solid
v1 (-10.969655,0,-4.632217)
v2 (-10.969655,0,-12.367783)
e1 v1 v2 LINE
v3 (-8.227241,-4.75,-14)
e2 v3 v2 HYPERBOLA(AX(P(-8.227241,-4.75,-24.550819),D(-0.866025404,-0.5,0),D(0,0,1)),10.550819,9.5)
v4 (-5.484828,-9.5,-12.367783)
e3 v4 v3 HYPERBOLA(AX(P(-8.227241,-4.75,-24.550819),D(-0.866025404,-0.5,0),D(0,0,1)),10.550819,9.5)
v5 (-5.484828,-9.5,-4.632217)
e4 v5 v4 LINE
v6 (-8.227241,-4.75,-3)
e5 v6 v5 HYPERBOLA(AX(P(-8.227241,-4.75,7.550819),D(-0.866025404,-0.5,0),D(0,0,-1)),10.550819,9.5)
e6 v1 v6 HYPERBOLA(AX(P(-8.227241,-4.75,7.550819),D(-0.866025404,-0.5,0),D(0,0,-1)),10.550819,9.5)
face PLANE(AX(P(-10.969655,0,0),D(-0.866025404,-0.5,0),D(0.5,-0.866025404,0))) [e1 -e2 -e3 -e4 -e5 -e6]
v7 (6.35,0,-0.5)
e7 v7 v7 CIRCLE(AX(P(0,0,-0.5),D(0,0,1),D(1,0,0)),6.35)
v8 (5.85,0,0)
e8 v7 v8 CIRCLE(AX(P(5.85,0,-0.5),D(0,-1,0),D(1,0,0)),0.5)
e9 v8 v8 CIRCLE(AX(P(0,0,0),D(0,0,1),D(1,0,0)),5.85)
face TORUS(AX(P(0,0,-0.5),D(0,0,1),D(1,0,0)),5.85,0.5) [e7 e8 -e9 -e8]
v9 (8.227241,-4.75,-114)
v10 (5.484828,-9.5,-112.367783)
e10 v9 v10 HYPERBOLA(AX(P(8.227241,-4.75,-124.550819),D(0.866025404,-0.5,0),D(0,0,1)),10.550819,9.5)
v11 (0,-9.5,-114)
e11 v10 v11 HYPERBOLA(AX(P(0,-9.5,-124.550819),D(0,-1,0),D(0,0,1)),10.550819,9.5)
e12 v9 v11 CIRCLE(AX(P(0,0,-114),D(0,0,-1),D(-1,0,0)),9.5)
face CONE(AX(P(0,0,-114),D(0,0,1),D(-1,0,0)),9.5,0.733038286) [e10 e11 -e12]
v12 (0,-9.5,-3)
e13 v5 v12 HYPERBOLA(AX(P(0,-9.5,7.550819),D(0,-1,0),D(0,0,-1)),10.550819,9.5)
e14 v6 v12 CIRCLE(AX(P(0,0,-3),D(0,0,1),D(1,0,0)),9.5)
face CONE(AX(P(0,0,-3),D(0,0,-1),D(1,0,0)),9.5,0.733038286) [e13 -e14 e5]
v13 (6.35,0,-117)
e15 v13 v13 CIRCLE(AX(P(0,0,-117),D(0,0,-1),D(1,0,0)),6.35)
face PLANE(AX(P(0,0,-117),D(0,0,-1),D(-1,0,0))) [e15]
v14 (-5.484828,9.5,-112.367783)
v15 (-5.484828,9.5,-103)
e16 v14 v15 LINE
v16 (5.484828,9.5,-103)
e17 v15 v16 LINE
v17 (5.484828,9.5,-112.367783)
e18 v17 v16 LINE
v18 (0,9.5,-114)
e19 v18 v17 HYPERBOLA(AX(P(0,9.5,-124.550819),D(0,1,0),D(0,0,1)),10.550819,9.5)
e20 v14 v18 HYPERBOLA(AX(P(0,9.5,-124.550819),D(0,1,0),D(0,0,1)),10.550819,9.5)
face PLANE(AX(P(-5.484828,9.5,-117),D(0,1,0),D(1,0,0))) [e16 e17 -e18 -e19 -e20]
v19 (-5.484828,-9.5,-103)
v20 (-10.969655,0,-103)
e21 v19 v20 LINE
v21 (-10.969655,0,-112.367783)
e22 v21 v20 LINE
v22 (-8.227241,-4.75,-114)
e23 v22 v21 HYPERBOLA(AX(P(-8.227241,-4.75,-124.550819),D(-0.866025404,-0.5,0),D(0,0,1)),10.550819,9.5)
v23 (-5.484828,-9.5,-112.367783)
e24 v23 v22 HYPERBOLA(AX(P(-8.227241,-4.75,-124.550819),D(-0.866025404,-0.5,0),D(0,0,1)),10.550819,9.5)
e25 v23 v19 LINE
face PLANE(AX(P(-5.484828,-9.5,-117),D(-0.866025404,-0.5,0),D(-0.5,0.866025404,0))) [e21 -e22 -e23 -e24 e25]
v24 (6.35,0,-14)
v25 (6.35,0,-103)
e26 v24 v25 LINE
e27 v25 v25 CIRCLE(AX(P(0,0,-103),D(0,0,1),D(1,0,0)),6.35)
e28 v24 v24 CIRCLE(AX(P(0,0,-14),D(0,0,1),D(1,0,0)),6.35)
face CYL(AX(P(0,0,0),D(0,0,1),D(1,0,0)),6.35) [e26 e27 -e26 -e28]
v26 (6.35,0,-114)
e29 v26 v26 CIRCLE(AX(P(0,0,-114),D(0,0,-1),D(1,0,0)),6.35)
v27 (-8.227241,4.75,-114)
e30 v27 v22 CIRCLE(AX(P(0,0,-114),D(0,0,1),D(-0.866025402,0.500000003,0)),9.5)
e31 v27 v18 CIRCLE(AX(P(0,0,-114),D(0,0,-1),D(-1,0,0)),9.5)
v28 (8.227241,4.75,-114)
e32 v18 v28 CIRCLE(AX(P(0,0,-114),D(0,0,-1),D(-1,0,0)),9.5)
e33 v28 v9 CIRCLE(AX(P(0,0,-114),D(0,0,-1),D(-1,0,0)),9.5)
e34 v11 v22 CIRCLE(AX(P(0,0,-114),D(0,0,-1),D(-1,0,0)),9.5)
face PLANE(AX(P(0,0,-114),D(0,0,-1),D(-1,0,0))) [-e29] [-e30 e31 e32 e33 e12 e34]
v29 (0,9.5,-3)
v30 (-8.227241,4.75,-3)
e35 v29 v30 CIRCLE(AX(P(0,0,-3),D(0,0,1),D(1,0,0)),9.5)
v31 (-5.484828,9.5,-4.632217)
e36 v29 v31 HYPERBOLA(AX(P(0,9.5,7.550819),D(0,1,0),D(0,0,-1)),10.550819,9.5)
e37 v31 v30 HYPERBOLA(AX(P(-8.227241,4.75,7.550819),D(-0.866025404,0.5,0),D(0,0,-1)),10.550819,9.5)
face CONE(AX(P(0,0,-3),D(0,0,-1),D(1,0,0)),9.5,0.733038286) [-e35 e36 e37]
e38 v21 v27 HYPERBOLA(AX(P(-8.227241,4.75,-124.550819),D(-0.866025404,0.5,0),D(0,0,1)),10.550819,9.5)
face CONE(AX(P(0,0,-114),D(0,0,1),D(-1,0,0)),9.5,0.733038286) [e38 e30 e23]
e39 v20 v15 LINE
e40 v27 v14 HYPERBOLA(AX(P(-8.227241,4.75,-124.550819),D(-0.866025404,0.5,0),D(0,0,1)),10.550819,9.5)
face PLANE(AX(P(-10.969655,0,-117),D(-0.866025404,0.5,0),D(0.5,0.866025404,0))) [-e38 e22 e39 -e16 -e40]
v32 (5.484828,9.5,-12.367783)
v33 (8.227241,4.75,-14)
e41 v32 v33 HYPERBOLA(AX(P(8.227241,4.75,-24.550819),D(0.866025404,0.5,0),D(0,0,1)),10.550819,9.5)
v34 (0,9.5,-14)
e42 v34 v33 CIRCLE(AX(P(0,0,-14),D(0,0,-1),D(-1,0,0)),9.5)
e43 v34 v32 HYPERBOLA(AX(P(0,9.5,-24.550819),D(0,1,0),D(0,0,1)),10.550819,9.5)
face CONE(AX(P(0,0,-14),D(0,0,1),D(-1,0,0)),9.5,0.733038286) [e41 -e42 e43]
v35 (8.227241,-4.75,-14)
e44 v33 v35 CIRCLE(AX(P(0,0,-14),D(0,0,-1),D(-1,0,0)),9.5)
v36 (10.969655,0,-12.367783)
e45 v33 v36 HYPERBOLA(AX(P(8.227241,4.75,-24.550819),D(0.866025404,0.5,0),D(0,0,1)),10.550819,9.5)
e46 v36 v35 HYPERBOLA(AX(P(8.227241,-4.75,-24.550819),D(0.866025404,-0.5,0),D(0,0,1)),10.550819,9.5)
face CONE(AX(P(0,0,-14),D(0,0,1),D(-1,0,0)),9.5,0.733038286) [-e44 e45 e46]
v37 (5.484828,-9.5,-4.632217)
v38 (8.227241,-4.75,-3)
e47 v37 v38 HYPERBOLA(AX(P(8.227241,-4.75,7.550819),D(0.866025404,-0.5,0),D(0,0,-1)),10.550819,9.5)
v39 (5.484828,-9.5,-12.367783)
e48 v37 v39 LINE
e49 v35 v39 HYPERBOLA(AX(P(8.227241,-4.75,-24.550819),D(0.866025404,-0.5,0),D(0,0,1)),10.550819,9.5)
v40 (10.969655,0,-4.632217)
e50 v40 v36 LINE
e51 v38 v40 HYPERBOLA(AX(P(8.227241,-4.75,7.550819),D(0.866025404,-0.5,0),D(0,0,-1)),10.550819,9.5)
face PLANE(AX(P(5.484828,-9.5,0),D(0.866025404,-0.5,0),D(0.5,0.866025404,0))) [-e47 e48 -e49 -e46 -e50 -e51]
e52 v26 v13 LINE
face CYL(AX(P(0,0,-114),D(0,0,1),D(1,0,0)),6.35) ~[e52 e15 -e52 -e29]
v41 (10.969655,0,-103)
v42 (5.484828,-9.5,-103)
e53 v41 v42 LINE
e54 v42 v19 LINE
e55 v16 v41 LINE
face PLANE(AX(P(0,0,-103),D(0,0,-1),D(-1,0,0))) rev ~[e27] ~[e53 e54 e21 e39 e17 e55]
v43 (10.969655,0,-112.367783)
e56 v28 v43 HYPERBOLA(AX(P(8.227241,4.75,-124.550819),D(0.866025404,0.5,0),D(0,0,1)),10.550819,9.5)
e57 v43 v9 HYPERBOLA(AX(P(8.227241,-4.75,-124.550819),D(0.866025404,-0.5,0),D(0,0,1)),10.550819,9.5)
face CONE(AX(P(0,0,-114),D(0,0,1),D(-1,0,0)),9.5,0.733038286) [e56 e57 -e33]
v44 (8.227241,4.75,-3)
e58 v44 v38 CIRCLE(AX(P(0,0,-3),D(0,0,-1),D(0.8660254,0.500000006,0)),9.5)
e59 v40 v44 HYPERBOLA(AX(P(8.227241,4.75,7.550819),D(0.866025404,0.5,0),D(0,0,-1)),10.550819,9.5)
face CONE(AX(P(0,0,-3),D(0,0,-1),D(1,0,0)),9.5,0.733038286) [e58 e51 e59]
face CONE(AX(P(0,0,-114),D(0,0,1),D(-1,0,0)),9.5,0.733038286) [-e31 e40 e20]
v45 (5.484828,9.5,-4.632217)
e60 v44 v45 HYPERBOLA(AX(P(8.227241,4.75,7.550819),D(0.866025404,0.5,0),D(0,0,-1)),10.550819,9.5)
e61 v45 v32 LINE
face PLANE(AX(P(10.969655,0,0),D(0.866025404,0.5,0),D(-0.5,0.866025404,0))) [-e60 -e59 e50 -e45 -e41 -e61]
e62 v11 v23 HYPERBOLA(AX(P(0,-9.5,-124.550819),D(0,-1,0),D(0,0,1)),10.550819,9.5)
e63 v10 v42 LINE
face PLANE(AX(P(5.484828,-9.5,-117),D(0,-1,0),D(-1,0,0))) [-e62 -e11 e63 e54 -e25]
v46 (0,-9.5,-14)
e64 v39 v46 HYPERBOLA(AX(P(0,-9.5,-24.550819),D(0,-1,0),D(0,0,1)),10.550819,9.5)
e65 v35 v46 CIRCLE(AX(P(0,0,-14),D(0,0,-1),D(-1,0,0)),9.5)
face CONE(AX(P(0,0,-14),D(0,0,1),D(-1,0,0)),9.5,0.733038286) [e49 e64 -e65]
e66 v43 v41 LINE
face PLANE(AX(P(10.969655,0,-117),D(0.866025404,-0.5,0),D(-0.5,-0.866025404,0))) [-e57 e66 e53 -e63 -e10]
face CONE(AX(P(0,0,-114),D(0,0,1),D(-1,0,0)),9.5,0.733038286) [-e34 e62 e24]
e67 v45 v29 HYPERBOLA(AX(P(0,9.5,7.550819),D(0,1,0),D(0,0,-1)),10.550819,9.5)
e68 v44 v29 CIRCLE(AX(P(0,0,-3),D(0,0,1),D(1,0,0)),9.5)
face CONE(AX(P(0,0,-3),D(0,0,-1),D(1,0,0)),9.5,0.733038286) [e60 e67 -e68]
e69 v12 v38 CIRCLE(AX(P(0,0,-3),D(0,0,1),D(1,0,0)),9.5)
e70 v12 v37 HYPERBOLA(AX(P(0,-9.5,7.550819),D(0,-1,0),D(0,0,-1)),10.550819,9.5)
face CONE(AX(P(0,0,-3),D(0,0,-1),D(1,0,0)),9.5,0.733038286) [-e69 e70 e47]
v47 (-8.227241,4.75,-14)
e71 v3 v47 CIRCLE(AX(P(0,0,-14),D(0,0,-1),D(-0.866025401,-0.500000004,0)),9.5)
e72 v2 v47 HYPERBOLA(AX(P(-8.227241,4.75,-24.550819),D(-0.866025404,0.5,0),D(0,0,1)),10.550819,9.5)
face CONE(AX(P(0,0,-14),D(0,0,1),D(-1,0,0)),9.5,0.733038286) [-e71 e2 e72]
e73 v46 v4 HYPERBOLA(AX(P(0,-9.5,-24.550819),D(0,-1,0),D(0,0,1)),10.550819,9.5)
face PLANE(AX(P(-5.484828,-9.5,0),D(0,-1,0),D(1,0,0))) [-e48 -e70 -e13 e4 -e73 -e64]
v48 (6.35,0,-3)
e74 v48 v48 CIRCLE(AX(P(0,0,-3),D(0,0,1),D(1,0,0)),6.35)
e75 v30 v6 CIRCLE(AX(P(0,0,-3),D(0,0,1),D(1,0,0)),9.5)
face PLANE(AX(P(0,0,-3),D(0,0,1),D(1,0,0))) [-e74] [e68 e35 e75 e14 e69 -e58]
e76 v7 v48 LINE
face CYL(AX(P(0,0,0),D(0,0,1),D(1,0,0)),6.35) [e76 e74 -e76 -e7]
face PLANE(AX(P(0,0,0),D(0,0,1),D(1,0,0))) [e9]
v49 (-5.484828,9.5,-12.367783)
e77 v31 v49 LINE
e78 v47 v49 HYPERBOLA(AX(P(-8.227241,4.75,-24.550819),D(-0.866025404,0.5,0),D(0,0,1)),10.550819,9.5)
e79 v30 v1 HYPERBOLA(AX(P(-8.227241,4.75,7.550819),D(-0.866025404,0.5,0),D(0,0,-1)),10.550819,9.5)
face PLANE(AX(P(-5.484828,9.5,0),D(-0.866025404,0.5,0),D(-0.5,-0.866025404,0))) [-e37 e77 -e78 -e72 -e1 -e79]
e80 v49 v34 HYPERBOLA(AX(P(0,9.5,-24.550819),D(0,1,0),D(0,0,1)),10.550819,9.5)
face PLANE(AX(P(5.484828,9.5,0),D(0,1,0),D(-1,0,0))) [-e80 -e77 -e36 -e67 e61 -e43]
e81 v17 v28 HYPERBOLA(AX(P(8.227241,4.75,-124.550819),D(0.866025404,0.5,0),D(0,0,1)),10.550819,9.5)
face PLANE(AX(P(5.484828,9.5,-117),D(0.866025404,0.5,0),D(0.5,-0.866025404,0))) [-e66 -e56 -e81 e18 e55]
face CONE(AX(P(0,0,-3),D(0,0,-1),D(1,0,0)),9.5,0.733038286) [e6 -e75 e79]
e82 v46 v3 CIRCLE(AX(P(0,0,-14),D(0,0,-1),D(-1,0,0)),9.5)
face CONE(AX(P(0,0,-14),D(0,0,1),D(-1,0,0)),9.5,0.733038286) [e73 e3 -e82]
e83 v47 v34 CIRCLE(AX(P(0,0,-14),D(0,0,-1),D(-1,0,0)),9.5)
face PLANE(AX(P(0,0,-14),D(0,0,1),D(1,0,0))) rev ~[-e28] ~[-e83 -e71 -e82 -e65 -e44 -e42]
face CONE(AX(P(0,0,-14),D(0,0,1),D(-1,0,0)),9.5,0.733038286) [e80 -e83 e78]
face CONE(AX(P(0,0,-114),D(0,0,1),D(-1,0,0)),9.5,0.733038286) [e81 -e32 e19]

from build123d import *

# Parameters (mm, degrees)
CROQUIS1_R              = 6.35
SALIENTE_EXTRUIR1_DEPTH = 117
CROQUIS2_R              = 6.35
SALIENTE_EXTRUIR2_DEPTH = 14
CROQUIS3_R              = 6.35
CORTAR_EXTRUIR1_DEPTH   = 3
CROQUIS4_R              = 25.644678888
CROQUIS4_R_2            = 9.5
CORTAR_EXTRUIR2_DEPTH   = 10
CORTAR_EXTRUIR2_DRAFT   = -42
CROQUIS5_R              = 21.393004687
CROQUIS5_R_2            = 9.5
CORTAR_EXTRUIR3_DEPTH   = 10
CORTAR_EXTRUIR3_DRAFT   = -42
SALIENTE_EXTRUIR3_DEPTH = 14
CORTAR_EXTRUIR4_START   = -3
CROQUIS7_R              = 6.35
CORTAR_EXTRUIR4_DEPTH   = 3
CROQUIS9_R              = 21.176137587
CROQUIS9_R_2            = 9.5
CORTAR_EXTRUIR5_DEPTH   = 3
CORTAR_EXTRUIR5_DRAFT   = -42
REDONDEO1_R             = 0.5


with BuildPart() as part:
    # Croquis1 → Saliente-Extruir1 (new body)
    with BuildSketch(Plane.XY):
        Circle(CROQUIS1_R)
    extrude(amount=-SALIENTE_EXTRUIR1_DEPTH)

    # Croquis2 → Saliente-Extruir2 (add)
    with BuildSketch(Plane.XY):
        Polygon((10.969655115, 0), (5.484827557, 9.5), (-5.484827557, 9.5), (-10.969655115, 0), (-5.484827557, -9.5), (5.484827557, -9.5), align=None)
        Circle(CROQUIS2_R, mode=Mode.SUBTRACT)
    extrude(amount=-SALIENTE_EXTRUIR2_DEPTH)

    # Croquis3 → Cortar-Extruir1 (cut)
    with BuildSketch(Plane.XY):
        Polygon((10.969655115, 0), (5.484827557, 9.5), (-5.484827557, 9.5), (-10.969655115, 0), (-5.484827557, -9.5), (5.484827557, -9.5), align=None)
        Circle(CROQUIS3_R, mode=Mode.SUBTRACT)
    extrude(amount=-CORTAR_EXTRUIR1_DEPTH, mode=Mode.SUBTRACT)


with BuildPart() as cortar_extruir2_tool:
    # Croquis4 → Cortar-Extruir2 (with draft: the straight prism first)
    with BuildSketch(Plane.XY.offset(-3)):
        Circle(CROQUIS4_R)
        Circle(CROQUIS4_R_2, mode=Mode.SUBTRACT)
    extrude(amount=-CORTAR_EXTRUIR2_DEPTH)
    # Cortar-Extruir2: the draft: its side faces are tilted about the plane it starts from
    cortar_extruir2_sides = [cortar_extruir2_tool.faces().sort_by_distance(p)[0] for p in [
        (-25.644678888, 0, -8),
        (-9.5, 0, -8),
    ]]
    draft(cortar_extruir2_sides, Plane.XY.offset(-3), CORTAR_EXTRUIR2_DRAFT)


with BuildPart() as part_1:
    add(part.part)

    # Cortar-Extruir2: cut by cortar_extruir2_tool
    add(cortar_extruir2_tool.part, mode=Mode.SUBTRACT)


with BuildPart() as cortar_extruir3_tool:
    # Croquis5 → Cortar-Extruir3 (with draft: the straight prism first)
    with BuildSketch(Plane(origin=(0, 0, -14), x_dir=(-1, 0, 0), z_dir=(0, 0, -1))):
        Circle(CROQUIS5_R)
        Circle(CROQUIS5_R_2, mode=Mode.SUBTRACT)
    extrude(amount=-CORTAR_EXTRUIR3_DEPTH)
    # Cortar-Extruir3: the draft: its side faces are tilted about the plane it starts from
    cortar_extruir3_sides = [cortar_extruir3_tool.faces().sort_by_distance(p)[0] for p in [
        (21.393004687, 0, -9),
        (9.5, 0, -9),
    ]]
    draft(cortar_extruir3_sides, Plane(origin=(0, 0, -14), x_dir=(-1, 0, 0), z_dir=(0, 0, -1)), CORTAR_EXTRUIR3_DRAFT)


with BuildPart() as part_2:
    add(part_1.part)

    # Cortar-Extruir3: cut by cortar_extruir3_tool
    add(cortar_extruir3_tool.part, mode=Mode.SUBTRACT)

    # Croquis6 → Saliente-Extruir3 (add)
    with BuildSketch(Plane(origin=(0, 0, -117), x_dir=(-1, 0, 0), z_dir=(0, 0, -1))):
        Polygon((10.969655115, 0), (5.484827557, 9.5), (-5.484827557, 9.5), (-10.969655115, 0), (-5.484827557, -9.5), (5.484827557, -9.5), align=None)
    extrude(amount=-SALIENTE_EXTRUIR3_DEPTH)

    # Croquis7 → Cortar-Extruir4 (cut)
    with BuildSketch(Plane(origin=(0, 0, -117), x_dir=(-1, 0, 0), z_dir=(0, 0, -1)).offset(CORTAR_EXTRUIR4_START)):
        Polygon((10.969655115, 0), (5.484827557, 9.5), (-5.484827557, 9.5), (-10.969655115, 0), (-5.484827557, -9.5), (5.484827557, -9.5), align=None)
        with Locations(Location((0, 0, 0), (0, 0, 180))):
            Circle(CROQUIS7_R, mode=Mode.SUBTRACT)
    extrude(amount=CORTAR_EXTRUIR4_DEPTH, mode=Mode.SUBTRACT)


with BuildPart() as cortar_extruir5_tool:
    # Croquis9 → Cortar-Extruir5 (with draft: the straight prism first)
    with BuildSketch(Plane(origin=(0, 0, -114), x_dir=(-1, 0, 0), z_dir=(0, 0, -1))):
        Circle(CROQUIS9_R)
        Circle(CROQUIS9_R_2, mode=Mode.SUBTRACT)
    extrude(amount=-CORTAR_EXTRUIR5_DEPTH)
    # Cortar-Extruir5: the draft: its side faces are tilted about the plane it starts from
    cortar_extruir5_sides = [cortar_extruir5_tool.faces().sort_by_distance(p)[0] for p in [
        (21.176137587, 0, -112.5),
        (9.5, 0, -112.5),
    ]]
    draft(cortar_extruir5_sides, Plane(origin=(0, 0, -114), x_dir=(-1, 0, 0), z_dir=(0, 0, -1)), CORTAR_EXTRUIR5_DRAFT)


with BuildPart() as part_3:
    add(part_2.part)

    # Cortar-Extruir5: cut by cortar_extruir5_tool
    add(cortar_extruir5_tool.part, mode=Mode.SUBTRACT)

    # Redondeo1
    redondeo1_edges = [part_3.edges().sort_by_distance(p)[0] for p in [
        (-6.35, 0, 0),
    ]]
    fillet(redondeo1_edges, radius=REDONDEO1_R)


solid = part_3.part
